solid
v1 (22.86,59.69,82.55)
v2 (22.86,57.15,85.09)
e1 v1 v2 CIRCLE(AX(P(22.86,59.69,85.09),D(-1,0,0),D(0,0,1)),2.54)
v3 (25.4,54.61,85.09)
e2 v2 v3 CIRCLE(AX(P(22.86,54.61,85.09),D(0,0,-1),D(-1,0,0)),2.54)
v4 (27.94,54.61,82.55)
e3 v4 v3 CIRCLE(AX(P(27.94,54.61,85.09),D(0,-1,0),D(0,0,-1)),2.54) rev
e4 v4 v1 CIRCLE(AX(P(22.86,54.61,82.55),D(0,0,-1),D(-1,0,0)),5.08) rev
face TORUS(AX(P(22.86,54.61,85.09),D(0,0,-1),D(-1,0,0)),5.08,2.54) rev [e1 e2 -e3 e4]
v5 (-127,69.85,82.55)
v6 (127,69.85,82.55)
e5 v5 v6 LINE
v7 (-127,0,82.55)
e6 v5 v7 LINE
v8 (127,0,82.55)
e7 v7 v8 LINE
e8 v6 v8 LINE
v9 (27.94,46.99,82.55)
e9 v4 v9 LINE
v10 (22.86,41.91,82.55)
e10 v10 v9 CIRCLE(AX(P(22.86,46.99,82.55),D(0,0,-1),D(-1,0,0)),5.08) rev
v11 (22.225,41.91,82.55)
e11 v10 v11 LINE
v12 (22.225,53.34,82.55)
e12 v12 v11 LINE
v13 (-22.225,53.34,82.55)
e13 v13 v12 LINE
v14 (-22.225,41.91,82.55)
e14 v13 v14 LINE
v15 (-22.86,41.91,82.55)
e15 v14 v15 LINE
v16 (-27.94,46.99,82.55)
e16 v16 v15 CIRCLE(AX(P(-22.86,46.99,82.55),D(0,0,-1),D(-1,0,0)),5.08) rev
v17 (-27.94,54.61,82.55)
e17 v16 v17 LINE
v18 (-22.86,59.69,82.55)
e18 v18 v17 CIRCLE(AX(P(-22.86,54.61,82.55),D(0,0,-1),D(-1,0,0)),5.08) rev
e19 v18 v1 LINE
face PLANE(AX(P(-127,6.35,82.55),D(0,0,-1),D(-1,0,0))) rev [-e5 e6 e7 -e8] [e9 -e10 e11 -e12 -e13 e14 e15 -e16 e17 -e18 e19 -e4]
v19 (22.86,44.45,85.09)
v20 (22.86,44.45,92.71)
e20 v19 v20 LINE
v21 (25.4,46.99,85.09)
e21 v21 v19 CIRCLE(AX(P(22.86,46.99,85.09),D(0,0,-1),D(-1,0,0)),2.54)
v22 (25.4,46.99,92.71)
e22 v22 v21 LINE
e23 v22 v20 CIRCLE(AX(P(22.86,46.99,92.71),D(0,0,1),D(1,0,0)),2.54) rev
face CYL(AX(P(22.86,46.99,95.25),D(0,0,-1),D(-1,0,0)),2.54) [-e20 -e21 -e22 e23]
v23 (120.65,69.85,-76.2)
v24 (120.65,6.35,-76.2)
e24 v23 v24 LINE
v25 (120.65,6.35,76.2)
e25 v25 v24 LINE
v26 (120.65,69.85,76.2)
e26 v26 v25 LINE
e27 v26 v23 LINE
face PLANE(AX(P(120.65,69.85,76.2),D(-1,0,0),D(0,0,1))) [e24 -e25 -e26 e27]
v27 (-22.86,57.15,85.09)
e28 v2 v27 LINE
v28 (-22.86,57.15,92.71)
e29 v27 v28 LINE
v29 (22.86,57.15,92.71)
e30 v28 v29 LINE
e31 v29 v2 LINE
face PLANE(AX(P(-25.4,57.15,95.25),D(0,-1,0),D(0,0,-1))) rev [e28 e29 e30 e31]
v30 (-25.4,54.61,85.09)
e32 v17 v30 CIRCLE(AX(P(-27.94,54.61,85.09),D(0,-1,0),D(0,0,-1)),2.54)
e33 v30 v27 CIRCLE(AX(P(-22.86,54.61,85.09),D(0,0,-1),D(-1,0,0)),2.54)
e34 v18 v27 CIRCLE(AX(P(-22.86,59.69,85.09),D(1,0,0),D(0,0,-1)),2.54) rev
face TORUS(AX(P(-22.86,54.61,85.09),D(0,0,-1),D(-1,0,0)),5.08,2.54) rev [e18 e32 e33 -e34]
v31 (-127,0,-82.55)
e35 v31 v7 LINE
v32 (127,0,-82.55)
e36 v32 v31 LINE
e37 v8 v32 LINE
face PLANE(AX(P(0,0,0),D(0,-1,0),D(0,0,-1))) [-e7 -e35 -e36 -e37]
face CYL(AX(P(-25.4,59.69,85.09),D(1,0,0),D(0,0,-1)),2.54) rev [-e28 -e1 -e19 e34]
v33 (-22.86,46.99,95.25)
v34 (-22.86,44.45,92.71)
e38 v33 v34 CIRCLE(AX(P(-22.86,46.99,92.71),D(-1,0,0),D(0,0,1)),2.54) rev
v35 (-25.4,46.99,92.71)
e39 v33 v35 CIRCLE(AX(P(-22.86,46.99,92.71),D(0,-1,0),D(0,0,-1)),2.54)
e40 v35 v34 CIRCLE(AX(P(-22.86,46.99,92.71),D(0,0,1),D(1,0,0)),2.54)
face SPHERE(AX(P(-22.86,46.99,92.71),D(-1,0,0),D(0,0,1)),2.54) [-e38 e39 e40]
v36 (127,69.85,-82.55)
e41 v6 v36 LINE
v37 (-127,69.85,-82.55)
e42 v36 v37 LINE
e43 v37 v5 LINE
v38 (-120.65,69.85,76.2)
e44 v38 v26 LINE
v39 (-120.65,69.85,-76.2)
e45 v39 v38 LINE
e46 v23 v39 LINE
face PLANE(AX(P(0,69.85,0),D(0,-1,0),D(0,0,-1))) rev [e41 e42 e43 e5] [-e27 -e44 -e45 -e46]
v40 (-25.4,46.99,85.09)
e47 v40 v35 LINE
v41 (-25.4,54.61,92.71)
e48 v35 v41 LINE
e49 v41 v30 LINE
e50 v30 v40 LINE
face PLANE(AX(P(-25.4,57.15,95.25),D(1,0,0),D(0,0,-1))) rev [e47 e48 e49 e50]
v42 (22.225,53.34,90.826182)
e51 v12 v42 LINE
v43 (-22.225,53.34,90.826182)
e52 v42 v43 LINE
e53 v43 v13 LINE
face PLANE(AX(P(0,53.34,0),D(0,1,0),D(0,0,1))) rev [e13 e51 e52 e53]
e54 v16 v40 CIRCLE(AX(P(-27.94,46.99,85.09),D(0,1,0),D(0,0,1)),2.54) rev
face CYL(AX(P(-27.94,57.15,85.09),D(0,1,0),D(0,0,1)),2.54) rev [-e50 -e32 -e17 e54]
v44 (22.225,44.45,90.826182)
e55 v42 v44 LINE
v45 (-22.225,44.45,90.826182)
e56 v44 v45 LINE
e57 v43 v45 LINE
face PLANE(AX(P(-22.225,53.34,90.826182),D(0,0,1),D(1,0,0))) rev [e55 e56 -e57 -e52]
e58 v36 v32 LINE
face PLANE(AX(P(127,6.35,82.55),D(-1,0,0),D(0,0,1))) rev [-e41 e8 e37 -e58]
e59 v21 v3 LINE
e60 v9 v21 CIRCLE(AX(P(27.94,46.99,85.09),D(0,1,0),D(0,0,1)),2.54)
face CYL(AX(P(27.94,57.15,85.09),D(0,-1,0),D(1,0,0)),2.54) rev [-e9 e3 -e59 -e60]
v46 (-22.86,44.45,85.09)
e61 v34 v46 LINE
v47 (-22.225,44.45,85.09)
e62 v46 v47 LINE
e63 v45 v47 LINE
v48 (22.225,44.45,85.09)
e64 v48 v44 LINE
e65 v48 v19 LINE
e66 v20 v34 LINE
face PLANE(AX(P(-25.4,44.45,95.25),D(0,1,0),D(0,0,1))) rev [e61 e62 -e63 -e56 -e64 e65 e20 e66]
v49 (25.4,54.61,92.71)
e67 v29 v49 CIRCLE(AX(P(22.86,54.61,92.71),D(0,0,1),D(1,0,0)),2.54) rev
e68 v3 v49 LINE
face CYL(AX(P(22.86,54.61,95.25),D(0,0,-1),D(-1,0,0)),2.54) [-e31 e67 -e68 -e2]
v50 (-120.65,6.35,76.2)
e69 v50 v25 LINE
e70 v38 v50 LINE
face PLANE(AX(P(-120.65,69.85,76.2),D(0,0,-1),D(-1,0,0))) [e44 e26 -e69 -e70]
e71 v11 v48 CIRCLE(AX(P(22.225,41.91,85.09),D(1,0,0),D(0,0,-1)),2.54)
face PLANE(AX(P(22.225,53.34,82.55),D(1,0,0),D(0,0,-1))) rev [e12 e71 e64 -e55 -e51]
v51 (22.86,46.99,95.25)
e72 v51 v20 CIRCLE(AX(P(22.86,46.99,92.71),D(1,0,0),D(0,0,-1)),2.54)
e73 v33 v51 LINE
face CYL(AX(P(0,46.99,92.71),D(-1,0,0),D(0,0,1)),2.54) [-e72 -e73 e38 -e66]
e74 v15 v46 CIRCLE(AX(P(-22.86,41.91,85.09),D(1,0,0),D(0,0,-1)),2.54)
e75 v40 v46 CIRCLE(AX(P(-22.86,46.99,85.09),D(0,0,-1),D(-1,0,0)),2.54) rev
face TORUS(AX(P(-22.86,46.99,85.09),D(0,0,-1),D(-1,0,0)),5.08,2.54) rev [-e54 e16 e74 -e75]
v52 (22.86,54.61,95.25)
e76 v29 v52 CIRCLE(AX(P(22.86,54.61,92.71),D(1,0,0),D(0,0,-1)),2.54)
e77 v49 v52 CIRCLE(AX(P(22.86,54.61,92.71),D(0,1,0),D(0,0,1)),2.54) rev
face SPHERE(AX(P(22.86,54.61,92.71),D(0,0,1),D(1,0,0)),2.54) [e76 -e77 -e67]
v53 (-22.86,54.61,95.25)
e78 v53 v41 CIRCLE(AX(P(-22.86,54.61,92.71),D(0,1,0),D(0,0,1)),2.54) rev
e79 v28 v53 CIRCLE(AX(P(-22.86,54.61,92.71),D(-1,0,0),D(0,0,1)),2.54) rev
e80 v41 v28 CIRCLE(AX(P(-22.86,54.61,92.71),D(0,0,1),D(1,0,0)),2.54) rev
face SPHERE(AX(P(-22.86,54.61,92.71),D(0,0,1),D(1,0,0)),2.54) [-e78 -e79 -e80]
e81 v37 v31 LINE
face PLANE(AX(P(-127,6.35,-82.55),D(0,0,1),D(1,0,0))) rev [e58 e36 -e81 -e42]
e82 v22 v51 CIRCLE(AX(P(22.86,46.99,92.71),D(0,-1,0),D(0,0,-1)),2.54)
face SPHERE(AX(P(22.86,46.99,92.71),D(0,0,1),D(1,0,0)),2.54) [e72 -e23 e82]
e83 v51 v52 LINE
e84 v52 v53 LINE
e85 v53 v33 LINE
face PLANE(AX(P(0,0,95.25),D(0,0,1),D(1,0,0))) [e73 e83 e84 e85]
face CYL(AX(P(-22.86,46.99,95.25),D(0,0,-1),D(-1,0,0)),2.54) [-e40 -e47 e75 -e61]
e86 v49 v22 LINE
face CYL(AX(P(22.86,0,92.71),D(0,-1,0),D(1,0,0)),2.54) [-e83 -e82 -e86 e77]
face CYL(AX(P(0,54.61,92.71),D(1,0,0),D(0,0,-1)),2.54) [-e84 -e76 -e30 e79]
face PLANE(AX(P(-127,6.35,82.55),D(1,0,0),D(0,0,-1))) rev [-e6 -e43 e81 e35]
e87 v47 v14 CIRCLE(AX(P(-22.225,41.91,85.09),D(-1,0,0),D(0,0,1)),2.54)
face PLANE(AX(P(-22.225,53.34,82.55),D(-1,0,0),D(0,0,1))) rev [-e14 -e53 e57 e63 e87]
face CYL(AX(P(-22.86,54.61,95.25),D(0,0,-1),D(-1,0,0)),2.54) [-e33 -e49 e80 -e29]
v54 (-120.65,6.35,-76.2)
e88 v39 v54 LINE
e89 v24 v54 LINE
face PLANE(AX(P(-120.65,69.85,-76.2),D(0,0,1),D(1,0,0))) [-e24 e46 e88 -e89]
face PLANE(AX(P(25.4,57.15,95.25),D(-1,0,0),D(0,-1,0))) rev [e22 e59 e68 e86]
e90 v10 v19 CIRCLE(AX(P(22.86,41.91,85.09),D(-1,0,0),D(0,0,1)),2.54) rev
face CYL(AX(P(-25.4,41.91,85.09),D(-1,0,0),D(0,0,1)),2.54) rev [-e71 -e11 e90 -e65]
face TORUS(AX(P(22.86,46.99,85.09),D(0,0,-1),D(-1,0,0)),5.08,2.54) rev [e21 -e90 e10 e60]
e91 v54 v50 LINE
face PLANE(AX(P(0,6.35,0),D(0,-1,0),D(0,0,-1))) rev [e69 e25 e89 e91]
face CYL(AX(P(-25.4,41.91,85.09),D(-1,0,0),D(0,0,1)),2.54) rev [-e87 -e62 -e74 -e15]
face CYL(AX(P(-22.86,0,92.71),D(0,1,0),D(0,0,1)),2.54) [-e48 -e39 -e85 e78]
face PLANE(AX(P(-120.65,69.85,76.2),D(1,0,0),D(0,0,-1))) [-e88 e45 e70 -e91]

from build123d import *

# Parameters (mm, degrees)
SKETCH2_W           = 254
SKETCH2_H           = 165.1
BOSS_EXTRUDE1_DEPTH = 6.35
SKETCH3_W           = 254
SKETCH3_H           = 165.1
SKETCH3_W_2         = 241.3
SKETCH3_H_2         = 152.4
BOSS_EXTRUDE2_DEPTH = 63.5
SKETCH4_W           = 50.8
SKETCH4_H           = 12.7
BOSS_EXTRUDE3_DEPTH = 12.7
SKETCH6_W           = 44.45
SKETCH6_H           = 8.276182153
CUT_EXTRUDE1_DEPTH  = 8.89
FILLET1_R           = 2.54


with BuildPart() as part:
    # Sketch2 → Boss-Extrude1 (new body)
    with BuildSketch(Plane(origin=(0, 0, 0), x_dir=(1, 0, 0), z_dir=(0, 1, 0))):
        Rectangle(SKETCH2_W, SKETCH2_H)
    extrude(amount=BOSS_EXTRUDE1_DEPTH)

    # Sketch3 → Boss-Extrude2 (add)
    with BuildSketch(Plane(origin=(0, 6.35, 0), x_dir=(1, 0, 0), z_dir=(0, 1, 0))):
        Rectangle(SKETCH3_W, SKETCH3_H)
        Rectangle(SKETCH3_W_2, SKETCH3_H_2, mode=Mode.SUBTRACT)
    extrude(amount=BOSS_EXTRUDE2_DEPTH)

    # Sketch4 → Boss-Extrude3 (add)
    with BuildSketch(Plane.XY.offset(82.55)):
        with Locations((0, 50.8)):
            Rectangle(SKETCH4_W, SKETCH4_H)
    extrude(amount=BOSS_EXTRUDE3_DEPTH)

    # Sketch6 → Cut-Extrude1 (cut)
    with BuildSketch(Plane(origin=(0, 44.45, 0), x_dir=(-1, 0, 0), z_dir=(0, -1, 0))):
        with Locations((0, -86.688091077)):
            Rectangle(SKETCH6_W, SKETCH6_H)
    extrude(amount=-CUT_EXTRUDE1_DEPTH, mode=Mode.SUBTRACT)

    # Fillet1
    fillet1_edges = [part.edges().sort_by_distance(p)[0] for p in [
        (-25.4, 50.8, 82.55),
        (-25.4, 57.15, 88.9),
        (-23.8125, 44.45, 82.55),
        (-25.4, 44.45, 88.9),
        (25.4, 50.8, 82.55),
        (25.4, 44.45, 88.9),
        (0, 57.15, 82.55),
        (25.4, 57.15, 88.9),
        (-25.4, 50.8, 95.25),
        (0, 44.45, 95.25),
        (25.4, 50.8, 95.25),
        (0, 57.15, 95.25),
        (23.8125, 44.45, 82.55),
    ]]
    fillet(fillet1_edges, radius=FILLET1_R)


solid = part.part
